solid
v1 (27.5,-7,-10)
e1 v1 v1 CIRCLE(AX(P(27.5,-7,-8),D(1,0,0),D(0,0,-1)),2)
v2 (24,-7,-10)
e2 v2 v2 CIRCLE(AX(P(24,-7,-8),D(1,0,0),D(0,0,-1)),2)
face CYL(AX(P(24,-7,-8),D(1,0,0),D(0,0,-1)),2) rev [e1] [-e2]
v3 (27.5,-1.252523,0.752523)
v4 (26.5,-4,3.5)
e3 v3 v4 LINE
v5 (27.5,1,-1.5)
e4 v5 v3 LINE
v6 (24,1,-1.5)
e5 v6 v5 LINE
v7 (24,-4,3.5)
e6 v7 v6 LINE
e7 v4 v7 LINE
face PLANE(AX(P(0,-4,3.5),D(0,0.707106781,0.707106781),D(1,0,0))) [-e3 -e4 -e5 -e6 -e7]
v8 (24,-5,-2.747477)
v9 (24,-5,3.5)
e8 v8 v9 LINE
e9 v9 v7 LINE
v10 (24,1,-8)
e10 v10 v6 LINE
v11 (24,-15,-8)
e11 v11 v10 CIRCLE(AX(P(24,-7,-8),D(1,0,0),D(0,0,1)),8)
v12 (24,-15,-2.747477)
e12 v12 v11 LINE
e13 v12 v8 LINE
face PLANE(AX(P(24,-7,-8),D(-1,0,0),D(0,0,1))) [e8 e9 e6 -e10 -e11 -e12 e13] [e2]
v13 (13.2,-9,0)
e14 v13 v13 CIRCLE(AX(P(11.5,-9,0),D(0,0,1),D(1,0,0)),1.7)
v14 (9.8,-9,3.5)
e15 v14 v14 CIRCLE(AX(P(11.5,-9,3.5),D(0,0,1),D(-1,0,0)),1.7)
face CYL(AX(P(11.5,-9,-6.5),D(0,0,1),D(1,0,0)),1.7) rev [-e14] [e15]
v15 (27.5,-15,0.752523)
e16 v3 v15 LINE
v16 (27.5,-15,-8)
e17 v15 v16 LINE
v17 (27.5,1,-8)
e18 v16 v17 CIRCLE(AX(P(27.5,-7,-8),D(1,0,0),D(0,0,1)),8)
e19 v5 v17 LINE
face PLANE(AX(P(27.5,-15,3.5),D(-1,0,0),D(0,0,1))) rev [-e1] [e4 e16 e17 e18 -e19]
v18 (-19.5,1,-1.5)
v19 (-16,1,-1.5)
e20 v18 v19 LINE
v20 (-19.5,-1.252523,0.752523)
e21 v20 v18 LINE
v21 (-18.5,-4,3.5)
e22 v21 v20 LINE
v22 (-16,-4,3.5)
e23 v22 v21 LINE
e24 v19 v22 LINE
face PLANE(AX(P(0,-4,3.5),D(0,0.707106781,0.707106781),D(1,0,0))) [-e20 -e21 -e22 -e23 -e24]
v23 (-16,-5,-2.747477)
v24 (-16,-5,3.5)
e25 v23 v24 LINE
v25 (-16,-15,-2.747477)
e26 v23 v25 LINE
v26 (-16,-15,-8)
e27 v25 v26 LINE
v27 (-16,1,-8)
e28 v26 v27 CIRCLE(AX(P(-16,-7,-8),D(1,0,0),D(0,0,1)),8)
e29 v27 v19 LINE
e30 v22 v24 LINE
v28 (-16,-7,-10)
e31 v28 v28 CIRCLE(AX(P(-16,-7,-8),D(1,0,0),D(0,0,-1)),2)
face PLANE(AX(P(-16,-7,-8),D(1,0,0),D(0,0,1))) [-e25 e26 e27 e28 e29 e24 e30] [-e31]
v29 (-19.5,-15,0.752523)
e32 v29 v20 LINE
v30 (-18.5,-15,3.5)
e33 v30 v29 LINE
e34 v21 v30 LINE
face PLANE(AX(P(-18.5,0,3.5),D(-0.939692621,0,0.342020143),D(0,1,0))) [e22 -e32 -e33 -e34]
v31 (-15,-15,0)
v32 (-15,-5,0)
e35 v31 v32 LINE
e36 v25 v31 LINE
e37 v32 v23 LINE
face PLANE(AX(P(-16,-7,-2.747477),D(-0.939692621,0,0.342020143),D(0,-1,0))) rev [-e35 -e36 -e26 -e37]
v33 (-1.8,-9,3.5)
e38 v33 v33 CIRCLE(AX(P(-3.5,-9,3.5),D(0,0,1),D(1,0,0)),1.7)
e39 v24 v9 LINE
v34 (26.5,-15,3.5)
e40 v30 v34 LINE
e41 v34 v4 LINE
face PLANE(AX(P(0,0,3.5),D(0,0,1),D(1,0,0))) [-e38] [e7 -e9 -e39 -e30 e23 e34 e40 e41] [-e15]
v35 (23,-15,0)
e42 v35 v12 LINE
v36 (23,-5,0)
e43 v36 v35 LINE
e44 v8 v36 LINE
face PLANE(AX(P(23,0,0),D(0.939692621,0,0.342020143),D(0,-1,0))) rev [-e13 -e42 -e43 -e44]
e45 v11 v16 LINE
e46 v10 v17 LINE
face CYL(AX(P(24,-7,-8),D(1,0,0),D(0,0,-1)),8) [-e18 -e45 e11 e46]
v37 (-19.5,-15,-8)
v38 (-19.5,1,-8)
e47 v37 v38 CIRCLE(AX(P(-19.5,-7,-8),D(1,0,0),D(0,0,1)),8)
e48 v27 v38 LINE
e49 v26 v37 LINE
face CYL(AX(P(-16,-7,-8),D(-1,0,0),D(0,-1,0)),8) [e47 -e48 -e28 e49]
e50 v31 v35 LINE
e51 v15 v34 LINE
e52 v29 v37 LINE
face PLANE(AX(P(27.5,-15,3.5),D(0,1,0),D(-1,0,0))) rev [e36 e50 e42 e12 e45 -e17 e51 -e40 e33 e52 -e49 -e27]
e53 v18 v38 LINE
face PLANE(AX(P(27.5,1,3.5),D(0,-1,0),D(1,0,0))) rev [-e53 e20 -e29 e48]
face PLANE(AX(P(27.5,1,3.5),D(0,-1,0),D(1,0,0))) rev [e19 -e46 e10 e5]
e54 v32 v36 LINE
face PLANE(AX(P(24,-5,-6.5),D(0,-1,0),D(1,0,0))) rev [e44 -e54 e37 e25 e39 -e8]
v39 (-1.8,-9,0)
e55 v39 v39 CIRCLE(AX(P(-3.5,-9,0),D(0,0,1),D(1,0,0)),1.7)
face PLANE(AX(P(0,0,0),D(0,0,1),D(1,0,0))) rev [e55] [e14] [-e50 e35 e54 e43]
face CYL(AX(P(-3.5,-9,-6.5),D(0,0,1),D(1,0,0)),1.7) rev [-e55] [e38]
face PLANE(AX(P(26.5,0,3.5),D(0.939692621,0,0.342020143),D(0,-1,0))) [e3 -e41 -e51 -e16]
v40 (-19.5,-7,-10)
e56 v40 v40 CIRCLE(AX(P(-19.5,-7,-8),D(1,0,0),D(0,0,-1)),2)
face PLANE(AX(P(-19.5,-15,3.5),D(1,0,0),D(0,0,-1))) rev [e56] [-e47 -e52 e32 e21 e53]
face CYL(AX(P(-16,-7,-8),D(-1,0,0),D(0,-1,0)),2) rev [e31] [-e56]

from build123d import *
from OCP.BRepFilletAPI import BRepFilletAPI_MakeChamfer

# Parameters (mm, degrees)
SKETCH_1_W          = 47
SKETCH_1_H          = 16
EXTRUDE_1_DEPTH     = 3.5
SKETCH_2_R          = 2
EXTRUDE_2_DEPTH     = 3.5
SKETCH_3_R          = 1.7
CUT_EXTRUDE_1_DEPTH = 10
SKETCH_4_W          = 40
SKETCH_4_H          = 6
CUT_EXTRUDE_2_DEPTH = 10
CHAMFER_4_SIZE      = 1
CHAMFER_4_SIZE2     = 2.747477419
CHAMFER1_SIZE       = 5


with BuildPart() as part:
    # 草图1 → 凸台-拉伸1 (new body)
    with BuildSketch(Plane.XY):
        with Locations((4, -7)):
            Rectangle(SKETCH_1_W, SKETCH_1_H)
    extrude(amount=EXTRUDE_1_DEPTH)

    # 草图2 → 凸台-拉伸2 (add)
    with BuildSketch(Plane(origin=(27.5, 0, 0), x_dir=(0, 0, -1), z_dir=(1, 0, 0))):
        with BuildLine():
            Line((0, 1), (0, -15))
            Line((0, -15), (8, -15))
            ThreePointArc((8, -15), (16, -7), (8, 1))
            Line((8, 1), (0, 1))
        make_face()
        with Locations((8, -7)):
            Circle(SKETCH_2_R, mode=Mode.SUBTRACT)
    extrude_2 = extrude(amount=-EXTRUDE_2_DEPTH)

    # 镜向1: 凸台-拉伸2 across plane
    add(extrude_2.mirror(Plane.ZY.offset(-4)))

    # 草图3 → 切除-拉伸1 (cut)
    with BuildSketch(Plane.XY.offset(3.5)):
        with Locations((11.5, -9)):
            Circle(SKETCH_3_R)
        with Locations((-3.5, -9)):
            Circle(SKETCH_3_R)
    extrude(amount=-CUT_EXTRUDE_1_DEPTH, mode=Mode.SUBTRACT)

    # 草图4 → 切除-拉伸2 (cut)
    with BuildSketch(Plane.XY.offset(3.5)):
        with Locations((4, -2)):
            Rectangle(SKETCH_4_W, SKETCH_4_H)
    extrude(amount=-CUT_EXTRUDE_2_DEPTH, mode=Mode.SUBTRACT)

    # 倒角4: one chamfer whose edges measure the first distance from different faces: ONE call of the kernel's chamfer builder (chamfer() names one face for all edges)
    chamfer_4_edges_1 = [part.edges().sort_by_distance(p)[0] for p in [
        (27.5, -7, 3.5),
        (-19.5, -7, 3.5),
    ]]
    chamfer_4_side_1 = [part.faces().sort_by_distance(p)[0] for p in [
        (4, -9.356389583, 3.5),
    ]]
    chamfer_4_edges_2 = [part.edges().sort_by_distance(p)[0] for p in [
        (-16, -10, 0),
        (24, -10, 0),
    ]]
    chamfer_4_side_2 = [part.faces().sort_by_distance(p)[0] for p in [
        (4, -10.047554813, 0),
    ]]
    chamfer_4 = BRepFilletAPI_MakeChamfer(part.part.solid().wrapped)
    for e in chamfer_4_edges_1:
        chamfer_4.Add(CHAMFER_4_SIZE, CHAMFER_4_SIZE2, e.wrapped, chamfer_4_side_1[0].wrapped)  # the first distance lies on this face
    for e in chamfer_4_edges_2:
        chamfer_4.Add(CHAMFER_4_SIZE, CHAMFER_4_SIZE2, e.wrapped, chamfer_4_side_2[0].wrapped)  # the first distance lies on this face
    add(Compound.cast(chamfer_4.Shape()), mode=Mode.REPLACE)

    # Chamfer1
    chamfer1_edges = [part.edges().sort_by_distance(p)[0] for p in [
        (-17.25, 1, 3.5),
        (25.25, 1, 3.5),
    ]]
    chamfer(chamfer1_edges, length=CHAMFER1_SIZE)


solid = part.part
